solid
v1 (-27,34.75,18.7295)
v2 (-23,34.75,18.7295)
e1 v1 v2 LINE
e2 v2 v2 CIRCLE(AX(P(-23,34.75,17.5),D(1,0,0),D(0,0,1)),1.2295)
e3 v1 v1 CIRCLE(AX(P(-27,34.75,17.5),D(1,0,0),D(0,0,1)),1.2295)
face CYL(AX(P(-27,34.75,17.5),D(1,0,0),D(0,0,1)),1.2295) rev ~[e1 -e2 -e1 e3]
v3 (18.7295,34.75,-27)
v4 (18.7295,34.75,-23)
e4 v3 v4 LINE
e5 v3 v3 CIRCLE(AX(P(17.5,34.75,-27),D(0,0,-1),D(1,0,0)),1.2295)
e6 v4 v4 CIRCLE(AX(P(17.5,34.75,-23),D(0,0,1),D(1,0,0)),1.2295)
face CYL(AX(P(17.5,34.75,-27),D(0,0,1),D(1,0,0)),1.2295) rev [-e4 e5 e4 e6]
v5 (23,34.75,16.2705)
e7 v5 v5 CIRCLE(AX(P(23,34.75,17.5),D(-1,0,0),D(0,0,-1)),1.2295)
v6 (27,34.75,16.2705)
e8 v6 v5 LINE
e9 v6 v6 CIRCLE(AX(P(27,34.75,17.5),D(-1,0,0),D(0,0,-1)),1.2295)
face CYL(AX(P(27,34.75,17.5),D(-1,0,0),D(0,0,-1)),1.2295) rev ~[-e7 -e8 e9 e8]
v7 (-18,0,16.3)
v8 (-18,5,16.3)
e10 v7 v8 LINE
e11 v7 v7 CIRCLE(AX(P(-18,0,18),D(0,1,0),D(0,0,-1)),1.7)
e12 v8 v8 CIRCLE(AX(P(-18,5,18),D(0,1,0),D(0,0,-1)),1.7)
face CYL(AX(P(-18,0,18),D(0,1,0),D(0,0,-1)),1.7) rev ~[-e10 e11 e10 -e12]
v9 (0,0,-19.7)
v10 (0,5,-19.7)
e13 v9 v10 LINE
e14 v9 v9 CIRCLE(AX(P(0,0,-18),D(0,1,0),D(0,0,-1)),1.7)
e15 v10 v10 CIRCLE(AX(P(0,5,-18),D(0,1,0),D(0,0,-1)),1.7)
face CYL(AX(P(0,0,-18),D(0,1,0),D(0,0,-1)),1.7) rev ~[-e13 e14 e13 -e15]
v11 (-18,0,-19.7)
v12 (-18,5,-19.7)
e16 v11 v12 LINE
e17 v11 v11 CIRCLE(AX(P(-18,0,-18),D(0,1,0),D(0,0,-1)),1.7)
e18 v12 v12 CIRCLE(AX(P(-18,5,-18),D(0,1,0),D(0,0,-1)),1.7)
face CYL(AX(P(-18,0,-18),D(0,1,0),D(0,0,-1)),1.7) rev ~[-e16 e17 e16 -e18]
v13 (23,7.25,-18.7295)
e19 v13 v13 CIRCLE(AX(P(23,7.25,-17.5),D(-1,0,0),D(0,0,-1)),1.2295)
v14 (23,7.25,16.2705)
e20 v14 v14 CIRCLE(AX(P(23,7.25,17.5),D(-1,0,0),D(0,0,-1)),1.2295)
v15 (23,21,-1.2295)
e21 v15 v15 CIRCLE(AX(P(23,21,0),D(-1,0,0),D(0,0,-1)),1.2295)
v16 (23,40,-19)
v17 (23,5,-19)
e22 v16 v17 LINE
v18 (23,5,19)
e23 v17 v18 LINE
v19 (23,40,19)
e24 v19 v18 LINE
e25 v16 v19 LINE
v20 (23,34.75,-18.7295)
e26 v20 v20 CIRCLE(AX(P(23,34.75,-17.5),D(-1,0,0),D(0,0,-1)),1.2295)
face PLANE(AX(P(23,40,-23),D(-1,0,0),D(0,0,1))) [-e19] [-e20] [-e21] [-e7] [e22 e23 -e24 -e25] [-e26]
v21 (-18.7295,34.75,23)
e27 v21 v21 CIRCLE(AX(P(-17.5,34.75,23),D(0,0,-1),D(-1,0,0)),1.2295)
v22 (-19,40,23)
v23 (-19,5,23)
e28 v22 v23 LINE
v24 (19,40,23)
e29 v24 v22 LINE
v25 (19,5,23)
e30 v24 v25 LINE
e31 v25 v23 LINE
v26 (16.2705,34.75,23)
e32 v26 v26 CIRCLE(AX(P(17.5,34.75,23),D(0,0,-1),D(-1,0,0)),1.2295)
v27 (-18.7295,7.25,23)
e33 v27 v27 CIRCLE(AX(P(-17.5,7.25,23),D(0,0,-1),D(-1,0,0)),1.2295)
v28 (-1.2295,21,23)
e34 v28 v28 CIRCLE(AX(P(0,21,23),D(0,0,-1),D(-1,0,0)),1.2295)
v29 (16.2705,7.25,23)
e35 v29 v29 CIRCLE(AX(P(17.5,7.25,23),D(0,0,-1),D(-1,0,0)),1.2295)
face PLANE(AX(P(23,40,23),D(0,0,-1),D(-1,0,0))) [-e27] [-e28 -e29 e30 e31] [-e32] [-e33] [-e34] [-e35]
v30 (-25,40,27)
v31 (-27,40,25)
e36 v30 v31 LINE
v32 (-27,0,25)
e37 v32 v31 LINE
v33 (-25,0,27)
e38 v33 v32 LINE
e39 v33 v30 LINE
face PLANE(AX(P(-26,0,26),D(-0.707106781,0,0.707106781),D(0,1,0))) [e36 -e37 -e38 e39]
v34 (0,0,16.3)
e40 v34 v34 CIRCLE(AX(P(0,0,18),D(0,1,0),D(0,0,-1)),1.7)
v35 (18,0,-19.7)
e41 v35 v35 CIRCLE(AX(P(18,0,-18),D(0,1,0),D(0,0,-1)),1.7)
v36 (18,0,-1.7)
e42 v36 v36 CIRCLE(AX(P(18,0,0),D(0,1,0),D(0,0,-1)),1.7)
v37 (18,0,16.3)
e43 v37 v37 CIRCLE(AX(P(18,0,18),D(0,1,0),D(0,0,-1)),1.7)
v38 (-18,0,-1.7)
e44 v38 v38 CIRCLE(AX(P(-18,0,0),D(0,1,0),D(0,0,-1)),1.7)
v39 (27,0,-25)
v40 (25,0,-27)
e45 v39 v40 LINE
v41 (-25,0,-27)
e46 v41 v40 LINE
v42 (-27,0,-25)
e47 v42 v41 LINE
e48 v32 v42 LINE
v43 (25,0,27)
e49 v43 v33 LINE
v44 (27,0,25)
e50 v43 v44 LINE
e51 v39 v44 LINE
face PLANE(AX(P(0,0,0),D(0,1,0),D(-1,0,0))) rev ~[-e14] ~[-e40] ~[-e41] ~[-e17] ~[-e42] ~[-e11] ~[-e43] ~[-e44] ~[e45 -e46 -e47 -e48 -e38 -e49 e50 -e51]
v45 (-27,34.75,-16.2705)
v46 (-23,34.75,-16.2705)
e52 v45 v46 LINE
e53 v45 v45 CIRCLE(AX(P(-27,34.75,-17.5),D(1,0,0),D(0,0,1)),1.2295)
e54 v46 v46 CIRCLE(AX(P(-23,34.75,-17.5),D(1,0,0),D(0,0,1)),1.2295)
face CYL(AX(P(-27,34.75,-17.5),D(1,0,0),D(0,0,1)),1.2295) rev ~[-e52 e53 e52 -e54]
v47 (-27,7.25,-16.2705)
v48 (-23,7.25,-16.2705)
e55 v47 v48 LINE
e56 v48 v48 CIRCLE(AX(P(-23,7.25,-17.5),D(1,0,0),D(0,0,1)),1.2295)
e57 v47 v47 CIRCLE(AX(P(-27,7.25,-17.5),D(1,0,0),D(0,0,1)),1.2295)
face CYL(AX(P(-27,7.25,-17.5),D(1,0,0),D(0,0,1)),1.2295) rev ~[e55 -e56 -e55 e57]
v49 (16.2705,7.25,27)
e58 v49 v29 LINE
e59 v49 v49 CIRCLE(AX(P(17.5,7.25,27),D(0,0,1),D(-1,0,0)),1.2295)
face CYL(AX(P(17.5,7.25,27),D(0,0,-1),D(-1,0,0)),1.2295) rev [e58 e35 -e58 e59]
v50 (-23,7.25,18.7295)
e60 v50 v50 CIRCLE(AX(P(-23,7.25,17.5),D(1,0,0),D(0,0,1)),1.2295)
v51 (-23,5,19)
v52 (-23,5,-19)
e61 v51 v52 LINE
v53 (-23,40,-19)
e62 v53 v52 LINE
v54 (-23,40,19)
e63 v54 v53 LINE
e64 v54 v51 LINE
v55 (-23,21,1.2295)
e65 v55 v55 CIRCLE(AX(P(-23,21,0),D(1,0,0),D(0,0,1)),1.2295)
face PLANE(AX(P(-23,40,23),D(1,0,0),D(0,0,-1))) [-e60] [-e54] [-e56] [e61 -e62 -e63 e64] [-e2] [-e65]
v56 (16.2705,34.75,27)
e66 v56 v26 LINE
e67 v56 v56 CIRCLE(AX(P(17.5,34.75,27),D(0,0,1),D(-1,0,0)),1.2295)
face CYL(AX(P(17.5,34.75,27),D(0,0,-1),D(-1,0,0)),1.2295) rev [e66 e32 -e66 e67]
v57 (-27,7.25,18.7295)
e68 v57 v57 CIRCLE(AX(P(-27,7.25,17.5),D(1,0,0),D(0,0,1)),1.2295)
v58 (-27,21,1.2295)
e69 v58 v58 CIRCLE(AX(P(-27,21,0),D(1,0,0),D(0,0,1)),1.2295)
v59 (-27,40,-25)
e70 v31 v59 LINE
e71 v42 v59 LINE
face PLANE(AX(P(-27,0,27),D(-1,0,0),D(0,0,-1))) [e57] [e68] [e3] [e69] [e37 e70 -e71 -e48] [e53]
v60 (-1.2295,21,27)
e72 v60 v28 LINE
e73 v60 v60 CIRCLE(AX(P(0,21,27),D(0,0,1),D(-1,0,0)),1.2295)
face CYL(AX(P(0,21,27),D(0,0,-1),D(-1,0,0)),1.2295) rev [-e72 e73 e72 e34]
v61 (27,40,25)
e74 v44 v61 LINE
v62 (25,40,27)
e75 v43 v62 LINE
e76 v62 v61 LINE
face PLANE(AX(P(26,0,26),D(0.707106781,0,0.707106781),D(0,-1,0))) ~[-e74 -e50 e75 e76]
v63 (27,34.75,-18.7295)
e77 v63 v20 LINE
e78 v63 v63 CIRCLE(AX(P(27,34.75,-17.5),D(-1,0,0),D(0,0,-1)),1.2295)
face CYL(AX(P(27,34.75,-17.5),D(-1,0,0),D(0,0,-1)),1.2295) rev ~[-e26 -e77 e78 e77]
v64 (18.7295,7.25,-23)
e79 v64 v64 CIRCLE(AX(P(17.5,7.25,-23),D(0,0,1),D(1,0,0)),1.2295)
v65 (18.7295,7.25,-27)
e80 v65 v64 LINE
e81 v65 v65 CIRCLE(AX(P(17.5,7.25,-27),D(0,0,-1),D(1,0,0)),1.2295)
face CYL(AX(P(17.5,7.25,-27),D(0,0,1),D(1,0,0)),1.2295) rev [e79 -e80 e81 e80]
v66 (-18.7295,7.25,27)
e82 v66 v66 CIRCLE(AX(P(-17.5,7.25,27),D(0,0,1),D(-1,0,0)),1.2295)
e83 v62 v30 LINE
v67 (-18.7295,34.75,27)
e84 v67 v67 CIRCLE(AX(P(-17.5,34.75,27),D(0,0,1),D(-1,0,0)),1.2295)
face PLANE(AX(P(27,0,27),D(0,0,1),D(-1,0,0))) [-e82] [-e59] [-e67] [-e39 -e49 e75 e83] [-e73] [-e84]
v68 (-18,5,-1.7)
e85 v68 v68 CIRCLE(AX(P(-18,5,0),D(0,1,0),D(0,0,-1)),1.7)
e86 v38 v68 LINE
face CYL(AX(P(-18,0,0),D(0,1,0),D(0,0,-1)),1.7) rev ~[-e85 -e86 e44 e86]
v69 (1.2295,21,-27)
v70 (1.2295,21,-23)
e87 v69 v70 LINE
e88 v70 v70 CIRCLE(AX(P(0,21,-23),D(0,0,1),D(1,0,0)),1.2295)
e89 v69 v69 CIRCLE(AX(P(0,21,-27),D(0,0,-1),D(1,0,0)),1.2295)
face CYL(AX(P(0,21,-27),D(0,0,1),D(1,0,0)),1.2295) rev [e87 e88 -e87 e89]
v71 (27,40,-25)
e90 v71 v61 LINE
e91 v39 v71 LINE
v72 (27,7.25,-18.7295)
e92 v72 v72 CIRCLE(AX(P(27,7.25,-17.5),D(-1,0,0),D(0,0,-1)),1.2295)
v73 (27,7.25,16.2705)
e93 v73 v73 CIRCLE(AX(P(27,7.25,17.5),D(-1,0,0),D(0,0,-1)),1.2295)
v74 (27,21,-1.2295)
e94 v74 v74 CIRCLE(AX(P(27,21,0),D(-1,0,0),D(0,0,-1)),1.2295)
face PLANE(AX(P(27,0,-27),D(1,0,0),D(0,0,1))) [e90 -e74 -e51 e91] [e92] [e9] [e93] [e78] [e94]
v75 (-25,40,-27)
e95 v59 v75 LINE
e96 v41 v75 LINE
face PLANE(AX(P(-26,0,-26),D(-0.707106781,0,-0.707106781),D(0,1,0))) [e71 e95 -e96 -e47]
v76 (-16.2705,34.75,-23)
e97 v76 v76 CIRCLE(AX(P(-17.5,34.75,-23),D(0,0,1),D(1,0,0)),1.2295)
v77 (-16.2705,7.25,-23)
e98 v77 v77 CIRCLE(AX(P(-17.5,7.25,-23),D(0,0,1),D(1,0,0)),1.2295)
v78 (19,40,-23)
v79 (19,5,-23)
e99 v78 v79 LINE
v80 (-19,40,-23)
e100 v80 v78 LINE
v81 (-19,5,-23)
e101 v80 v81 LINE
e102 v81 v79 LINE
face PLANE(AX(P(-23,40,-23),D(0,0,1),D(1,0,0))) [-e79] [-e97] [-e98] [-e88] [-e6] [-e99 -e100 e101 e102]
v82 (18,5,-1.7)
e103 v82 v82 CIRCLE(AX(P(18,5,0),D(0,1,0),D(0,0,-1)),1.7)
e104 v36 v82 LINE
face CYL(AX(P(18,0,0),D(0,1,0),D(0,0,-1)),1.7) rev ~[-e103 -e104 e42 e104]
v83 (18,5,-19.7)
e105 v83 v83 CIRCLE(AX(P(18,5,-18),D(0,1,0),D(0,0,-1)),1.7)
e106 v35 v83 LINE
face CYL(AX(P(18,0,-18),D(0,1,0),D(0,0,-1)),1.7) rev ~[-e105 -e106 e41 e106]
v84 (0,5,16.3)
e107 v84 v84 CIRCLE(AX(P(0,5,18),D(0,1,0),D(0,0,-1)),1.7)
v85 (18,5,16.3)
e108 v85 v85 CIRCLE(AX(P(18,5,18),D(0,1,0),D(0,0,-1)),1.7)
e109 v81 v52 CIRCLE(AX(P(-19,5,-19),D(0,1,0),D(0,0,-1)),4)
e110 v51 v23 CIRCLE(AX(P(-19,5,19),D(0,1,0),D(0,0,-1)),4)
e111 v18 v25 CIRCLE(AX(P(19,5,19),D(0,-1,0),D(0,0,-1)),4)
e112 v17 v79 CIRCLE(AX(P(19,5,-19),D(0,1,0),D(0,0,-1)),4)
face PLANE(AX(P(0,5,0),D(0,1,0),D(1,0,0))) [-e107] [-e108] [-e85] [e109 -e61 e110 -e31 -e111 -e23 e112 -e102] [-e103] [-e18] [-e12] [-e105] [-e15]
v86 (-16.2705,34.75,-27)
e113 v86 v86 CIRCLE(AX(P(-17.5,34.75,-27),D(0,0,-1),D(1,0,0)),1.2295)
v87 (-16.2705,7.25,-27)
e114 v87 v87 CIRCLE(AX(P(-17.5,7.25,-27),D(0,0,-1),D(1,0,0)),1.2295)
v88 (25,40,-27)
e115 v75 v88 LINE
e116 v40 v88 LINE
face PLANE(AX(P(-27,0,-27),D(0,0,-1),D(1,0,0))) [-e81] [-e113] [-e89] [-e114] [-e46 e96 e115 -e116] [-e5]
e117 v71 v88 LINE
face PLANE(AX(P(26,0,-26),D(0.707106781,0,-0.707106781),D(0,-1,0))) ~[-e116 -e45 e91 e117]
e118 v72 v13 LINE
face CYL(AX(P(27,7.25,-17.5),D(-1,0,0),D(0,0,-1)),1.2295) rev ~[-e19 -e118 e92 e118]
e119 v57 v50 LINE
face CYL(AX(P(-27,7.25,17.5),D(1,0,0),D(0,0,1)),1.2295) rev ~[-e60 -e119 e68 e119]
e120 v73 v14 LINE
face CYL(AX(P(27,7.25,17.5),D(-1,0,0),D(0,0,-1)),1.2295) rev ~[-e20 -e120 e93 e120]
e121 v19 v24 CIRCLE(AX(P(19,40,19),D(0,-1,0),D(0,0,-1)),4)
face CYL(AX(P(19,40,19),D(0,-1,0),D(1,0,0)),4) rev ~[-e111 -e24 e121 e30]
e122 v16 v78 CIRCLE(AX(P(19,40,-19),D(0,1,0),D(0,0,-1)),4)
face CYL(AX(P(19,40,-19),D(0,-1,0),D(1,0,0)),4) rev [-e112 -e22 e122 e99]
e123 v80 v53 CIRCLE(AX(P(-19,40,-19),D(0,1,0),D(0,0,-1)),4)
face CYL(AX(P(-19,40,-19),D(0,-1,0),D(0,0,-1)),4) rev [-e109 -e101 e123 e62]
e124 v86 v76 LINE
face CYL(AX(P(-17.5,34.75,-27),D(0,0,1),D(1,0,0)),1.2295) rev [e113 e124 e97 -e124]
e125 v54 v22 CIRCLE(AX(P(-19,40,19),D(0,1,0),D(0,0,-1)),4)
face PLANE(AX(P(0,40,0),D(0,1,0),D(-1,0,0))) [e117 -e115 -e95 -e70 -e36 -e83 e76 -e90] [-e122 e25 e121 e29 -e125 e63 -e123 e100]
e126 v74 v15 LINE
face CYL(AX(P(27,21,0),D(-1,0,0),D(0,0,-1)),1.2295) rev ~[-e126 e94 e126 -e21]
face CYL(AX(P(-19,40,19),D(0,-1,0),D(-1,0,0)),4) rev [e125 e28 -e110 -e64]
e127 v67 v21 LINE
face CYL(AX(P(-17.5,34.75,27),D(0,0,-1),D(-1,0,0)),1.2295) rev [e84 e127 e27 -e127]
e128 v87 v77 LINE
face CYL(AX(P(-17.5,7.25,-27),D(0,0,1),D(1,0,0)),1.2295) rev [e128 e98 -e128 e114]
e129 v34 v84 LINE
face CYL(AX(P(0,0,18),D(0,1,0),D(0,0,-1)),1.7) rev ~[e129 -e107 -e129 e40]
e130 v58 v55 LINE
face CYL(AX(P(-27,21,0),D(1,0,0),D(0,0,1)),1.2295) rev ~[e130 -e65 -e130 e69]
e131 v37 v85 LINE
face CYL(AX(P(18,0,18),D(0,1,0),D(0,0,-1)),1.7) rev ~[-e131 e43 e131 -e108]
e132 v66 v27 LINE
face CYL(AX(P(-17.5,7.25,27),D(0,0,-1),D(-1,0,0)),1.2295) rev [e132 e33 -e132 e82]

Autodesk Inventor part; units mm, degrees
ref_plane "YZ Plane" through (0, 0, 0) normal (1, 0, 0) x (0, 1, 0)
sketch "Skizze1" plane through (0, 0, 0) normal (0, 1, 0) x (-1, 0, 0)
  line L0 (-27, 27) -> (27, 27)
  line L1 (27, 27) -> (27, -27)
  line L2 (27, -27) -> (-27, -27)
  line L3 (-27, -27) -> (-27, 27)
  line L4 (-27, 27) -> (27, -27) construction
  line L5 (27, 27) -> (-27, -27) construction
  point P0 (0, 0)
  dimension "d0" = 54
  dimension "d1" = 54
extrude "Extrusion1" add sketch "Skizze1" along normal blind 40
sketch "Skizze2" plane through (0, 40, 0) normal (0, 1, 0) x (1, 0, 0)
  line L0 (23, -23) -> (-23, -23)
  line L1 (-23, -23) -> (-23, 23)
  line L2 (-23, 23) -> (23, 23)
  line L3 (23, 23) -> (23, -23)
  line L4 (23, -23) -> (-23, 23) construction
  line L5 (-23, -23) -> (23, 23) construction
  line L6 (-27, -27) -> (27, -27) projected
  line L7 (27, -27) -> (27, 27) projected
  line L8 (27, 27) -> (-27, 27) projected
  line L9 (-27, 27) -> (-27, -27) projected
  point P0 (0, 0)
  dimension "d4" = 4
  dimension "d5" = 4
extrude "Extrusion2" cut sketch "Skizze2" against normal blind 35 contours L0 L1 L2 L3
fillet "Rundung1" radius 4 4 edges at (-23, 22.5, -23) (23, 22.5, -23) (-23, 22.5, 23) (23, 22.5, 23)
sketch "Skizze3" plane through (0, 0, 0) normal (0, -1, 0) x (1, 0, 0)
  line L0 (-18, 18) -> (18, 18)
  line L1 (18, 18) -> (18, -18)
  line L2 (18, -18) -> (-18, -18)
  line L3 (-18, -18) -> (-18, 18)
  line L4 (-18, 18) -> (18, -18) construction
  line L5 (18, 18) -> (-18, -18) construction
  line L6 (18, 0) -> (-18, 0) construction
  line L7 (0, 18) -> (0, -18) construction
  point P0 (0, 0)
  dimension "d9" = 36
  dimension "d10" = 36
hole "Bohrung1" at (18, 0, 18) at (18, 0, 0) at (18, 0, -18) at (0, 0, -18) at (-18, 0, -18) at (-18, 0, 0) at (-18, 0, 18) at (0, 0, 18) direction (0, 1, 0) diameter 3.4 end through all clearance for "Inbusschraube ISO 4762" size "M3" standard "ISO"
sketch "Skizze5" plane through (27, 0, 27) normal (1, 0, 0) x (0, 0, -1)
  line L0 (9.5, 7.25) -> (44.5, 7.25)
  line L1 (44.5, 7.25) -> (44.5, 34.75)
  line L2 (44.5, 34.75) -> (9.5, 34.75)
  line L3 (9.5, 34.75) -> (9.5, 7.25)
  line L4 (9.5, 7.25) -> (44.5, 34.75) construction
  line L5 (44.5, 7.25) -> (9.5, 34.75) construction
  line L6 (54, 0) -> (0, 0) projected
  line L7 (54, 0) -> (54, 40) projected
  line L8 (0, 40) -> (54, 40) projected
  line L9 (0, 0) -> (0, 40) projected
  point P0 (27, 0)
  point P1 (27, 21)
  dimension "d18" = 9.5
  dimension "d21" = 35
  dimension "d29" = 27.5
  dimension "d30" = 54
  dimension "d46" = 21
  dimension "d47" = 27
hole "Bohrung2" at (27, 34.75, 17.5) at (27, 21, 0) at (27, 34.75, -17.5) at (27, 7.25, -17.5) at (27, 7.25, 17.5) direction (-1, 0, 0) diameter 2.459 depth 8.8 tip angle 118 thread size "M3x0.5" class "6H" standard "ISO Metric profile"
ref_plane "Arbeitsebene1" through (27, 40, -27) normal (-0.7071, 0, -0.7071) x (0, -1, 0)
mirror "Spiegeln1" about plane through (27, 40, -27) normal (-0.7071, 0, -0.7071) of "Bohrung2"
ref_plane "Arbeitsebene2" through (27, 40, 27) normal (0.7071, 0, -0.7071) x (0, -1, 0)
mirror "Spiegeln2" about plane through (27, 40, 27) normal (0.7071, 0, -0.7071) of "Bohrung2", "Spiegeln1"
chamfer "Fase3" distance 2 angle 45 4 edges at (27, 20, 27) (27, 20, -27) (-27, 20, -27) (-27, 20, 27)
equation "\"d18\" = -0.5 * d21 + 0.5 * d30"
equation "\"d47\" = 0.5 * d30"
properties part number "cube_square_tube" material "Aluminium 6061"
